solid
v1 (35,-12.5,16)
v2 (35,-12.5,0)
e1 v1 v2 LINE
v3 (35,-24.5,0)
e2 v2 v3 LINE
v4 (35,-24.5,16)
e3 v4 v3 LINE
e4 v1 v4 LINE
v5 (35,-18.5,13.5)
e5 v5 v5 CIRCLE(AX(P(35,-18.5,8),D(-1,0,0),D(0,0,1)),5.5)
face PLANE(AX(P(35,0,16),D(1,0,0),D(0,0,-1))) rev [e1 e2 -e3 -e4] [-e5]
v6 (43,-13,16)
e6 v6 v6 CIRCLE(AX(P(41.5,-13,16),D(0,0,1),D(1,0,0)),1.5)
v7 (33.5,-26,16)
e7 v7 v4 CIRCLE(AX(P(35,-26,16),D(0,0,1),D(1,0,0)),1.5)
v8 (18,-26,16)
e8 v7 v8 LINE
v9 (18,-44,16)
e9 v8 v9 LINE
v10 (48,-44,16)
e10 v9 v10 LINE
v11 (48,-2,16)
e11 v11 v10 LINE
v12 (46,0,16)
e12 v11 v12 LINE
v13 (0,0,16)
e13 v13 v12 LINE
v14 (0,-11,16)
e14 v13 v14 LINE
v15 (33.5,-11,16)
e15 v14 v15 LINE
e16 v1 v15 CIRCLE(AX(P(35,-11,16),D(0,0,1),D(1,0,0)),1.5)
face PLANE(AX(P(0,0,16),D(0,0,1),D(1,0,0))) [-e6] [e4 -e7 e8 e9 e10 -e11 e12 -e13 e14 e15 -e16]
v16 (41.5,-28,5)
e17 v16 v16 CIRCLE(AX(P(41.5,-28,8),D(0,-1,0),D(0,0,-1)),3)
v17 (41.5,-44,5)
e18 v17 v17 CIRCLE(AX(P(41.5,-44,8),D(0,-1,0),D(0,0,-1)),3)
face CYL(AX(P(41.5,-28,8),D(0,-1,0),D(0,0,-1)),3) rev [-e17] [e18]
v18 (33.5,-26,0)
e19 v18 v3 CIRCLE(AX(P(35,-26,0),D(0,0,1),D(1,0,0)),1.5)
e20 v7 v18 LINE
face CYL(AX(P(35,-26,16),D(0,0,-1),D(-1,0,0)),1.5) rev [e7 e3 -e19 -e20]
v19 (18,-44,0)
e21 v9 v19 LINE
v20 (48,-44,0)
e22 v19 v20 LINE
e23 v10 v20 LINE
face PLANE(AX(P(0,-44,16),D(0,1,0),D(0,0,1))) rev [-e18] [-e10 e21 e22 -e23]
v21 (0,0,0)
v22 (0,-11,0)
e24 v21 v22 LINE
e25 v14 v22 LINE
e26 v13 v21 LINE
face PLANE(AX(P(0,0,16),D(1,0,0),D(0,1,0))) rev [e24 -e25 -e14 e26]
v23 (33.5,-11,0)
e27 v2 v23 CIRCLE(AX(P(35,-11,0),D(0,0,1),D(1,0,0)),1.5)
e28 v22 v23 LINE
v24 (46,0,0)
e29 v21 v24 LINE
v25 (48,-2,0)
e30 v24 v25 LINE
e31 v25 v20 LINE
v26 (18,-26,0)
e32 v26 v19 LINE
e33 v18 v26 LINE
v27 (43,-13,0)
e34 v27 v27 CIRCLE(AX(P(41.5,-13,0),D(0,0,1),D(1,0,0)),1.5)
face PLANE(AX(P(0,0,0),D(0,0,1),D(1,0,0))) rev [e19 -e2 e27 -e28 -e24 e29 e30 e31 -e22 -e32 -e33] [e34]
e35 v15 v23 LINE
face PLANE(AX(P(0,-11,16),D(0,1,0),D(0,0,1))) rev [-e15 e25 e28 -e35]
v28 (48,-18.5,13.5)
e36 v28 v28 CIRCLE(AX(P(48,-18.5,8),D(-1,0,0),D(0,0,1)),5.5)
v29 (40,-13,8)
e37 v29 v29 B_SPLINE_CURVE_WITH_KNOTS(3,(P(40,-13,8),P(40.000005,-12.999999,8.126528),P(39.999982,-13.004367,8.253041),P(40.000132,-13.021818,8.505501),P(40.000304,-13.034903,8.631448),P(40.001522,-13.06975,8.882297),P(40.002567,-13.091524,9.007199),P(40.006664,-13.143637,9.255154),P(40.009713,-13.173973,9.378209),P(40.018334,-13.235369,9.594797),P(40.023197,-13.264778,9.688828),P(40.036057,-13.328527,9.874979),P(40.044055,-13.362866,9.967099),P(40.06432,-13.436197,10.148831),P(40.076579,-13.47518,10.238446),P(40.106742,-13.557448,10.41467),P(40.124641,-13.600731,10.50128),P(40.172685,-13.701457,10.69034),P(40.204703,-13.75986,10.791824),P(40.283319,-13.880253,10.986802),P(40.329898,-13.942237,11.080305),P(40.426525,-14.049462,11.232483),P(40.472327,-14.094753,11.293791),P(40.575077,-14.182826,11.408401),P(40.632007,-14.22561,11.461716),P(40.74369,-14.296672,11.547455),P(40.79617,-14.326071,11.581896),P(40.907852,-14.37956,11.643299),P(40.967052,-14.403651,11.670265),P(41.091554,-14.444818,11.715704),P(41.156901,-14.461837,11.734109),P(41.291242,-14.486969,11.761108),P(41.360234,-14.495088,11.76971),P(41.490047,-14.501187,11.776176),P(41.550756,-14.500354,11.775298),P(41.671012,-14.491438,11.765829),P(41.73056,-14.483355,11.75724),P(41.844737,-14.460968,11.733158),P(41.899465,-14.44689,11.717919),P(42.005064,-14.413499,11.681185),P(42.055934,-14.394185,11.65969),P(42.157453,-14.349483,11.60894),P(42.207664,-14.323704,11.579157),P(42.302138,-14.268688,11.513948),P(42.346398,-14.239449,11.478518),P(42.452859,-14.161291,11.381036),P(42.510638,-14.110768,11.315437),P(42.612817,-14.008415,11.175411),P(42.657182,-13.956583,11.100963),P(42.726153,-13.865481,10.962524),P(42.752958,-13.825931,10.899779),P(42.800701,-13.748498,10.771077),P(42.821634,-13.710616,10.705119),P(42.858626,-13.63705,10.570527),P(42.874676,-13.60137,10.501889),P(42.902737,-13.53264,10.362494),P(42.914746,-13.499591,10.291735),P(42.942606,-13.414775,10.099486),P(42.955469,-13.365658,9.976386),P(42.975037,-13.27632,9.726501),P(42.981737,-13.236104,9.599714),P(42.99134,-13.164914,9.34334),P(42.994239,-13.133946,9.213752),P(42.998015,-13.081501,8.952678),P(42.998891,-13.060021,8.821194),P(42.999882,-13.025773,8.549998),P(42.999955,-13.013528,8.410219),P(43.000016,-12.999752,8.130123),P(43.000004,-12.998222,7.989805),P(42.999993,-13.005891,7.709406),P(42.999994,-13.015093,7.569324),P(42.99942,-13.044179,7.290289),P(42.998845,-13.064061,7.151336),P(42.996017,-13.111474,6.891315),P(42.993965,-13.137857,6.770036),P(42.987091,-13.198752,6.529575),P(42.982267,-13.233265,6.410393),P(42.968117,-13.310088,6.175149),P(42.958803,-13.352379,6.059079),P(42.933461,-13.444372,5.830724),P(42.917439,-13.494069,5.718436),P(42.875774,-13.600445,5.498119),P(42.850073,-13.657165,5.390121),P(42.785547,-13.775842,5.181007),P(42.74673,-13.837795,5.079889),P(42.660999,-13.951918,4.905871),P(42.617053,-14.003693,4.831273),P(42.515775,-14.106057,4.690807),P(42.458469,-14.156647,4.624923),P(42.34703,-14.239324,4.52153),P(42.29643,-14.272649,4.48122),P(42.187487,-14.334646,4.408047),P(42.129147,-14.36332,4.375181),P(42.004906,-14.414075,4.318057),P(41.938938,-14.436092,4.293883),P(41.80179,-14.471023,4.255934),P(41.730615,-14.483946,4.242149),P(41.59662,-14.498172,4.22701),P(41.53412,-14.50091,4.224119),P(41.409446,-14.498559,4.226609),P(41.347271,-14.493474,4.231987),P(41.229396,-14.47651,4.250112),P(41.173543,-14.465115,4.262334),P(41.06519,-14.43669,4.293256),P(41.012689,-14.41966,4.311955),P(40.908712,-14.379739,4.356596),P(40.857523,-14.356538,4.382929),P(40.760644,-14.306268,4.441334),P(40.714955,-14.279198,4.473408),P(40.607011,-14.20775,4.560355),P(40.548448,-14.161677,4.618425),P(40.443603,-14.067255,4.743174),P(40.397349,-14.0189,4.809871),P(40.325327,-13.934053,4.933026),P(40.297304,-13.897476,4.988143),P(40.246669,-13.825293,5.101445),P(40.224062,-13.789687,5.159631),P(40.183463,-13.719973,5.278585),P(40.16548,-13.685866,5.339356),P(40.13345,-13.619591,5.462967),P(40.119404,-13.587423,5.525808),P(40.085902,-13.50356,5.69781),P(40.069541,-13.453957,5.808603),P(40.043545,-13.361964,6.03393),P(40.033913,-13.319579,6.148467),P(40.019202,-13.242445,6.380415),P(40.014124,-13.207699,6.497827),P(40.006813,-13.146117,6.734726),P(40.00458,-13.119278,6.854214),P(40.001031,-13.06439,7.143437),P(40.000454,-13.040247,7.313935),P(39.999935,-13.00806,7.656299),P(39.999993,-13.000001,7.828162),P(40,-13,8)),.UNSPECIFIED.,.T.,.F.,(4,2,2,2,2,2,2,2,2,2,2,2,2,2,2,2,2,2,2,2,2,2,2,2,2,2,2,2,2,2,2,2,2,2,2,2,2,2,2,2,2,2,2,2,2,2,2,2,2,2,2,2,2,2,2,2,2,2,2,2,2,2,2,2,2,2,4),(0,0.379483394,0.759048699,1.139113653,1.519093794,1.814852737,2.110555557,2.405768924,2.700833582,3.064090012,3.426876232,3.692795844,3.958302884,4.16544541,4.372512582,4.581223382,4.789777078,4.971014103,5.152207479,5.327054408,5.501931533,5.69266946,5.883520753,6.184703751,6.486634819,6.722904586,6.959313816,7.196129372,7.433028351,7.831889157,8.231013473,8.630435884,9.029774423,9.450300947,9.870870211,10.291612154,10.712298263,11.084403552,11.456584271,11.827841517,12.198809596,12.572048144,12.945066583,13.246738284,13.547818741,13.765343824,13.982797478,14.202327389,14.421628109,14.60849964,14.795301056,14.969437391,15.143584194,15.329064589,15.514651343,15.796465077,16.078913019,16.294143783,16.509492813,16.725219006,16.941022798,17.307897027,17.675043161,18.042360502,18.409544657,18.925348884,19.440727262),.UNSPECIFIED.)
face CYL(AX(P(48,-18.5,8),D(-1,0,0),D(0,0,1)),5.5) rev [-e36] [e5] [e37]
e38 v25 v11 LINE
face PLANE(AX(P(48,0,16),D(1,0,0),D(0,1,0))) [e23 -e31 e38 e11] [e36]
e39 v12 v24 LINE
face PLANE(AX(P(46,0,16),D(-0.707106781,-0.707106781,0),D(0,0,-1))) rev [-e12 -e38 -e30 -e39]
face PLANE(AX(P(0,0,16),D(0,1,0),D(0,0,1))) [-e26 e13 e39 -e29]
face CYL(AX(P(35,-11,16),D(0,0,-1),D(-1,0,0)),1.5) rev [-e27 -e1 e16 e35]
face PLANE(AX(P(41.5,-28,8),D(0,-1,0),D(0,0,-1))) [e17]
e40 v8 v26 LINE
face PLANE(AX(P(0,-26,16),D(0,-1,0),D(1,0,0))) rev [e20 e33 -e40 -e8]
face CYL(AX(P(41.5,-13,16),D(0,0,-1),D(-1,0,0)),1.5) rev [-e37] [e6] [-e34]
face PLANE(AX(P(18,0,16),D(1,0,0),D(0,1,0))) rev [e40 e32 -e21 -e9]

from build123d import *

# Parameters (mm, degrees)
ESBO_O1_R                = 1.5
RESSALTO_EXTRUS_O1_DEPTH = 16
CHANFRO1_SIZE            = 2
ESBO_O2_R                = 5.5
CORTE_EXTRUS_O1_DEPTH    = 59.455110983
ESBO_O5_R                = 3
CORTE_EXTRUS_O2_DEPTH    = 16


with BuildPart() as part:
    # Esboço1 → Ressalto-extrusão1 (new body)
    with BuildSketch(Plane.XY):
        with BuildLine():
            Line((48, 0), (0, 0))
            Line((0, 0), (0, -11))
            Line((0, -11), (33.5, -11))
            ThreePointArc((33.5, -11), (35, -9.5), (36.5, -11))
            ThreePointArc((36.5, -11), (36.060660172, -12.060660172), (35, -12.5))
            Line((35, -12.5), (35, -24.5))
            ThreePointArc((35, -24.5), (36.060660172, -24.939339828), (36.5, -26))
            ThreePointArc((36.5, -26), (35, -27.5), (33.5, -26))
            Line((33.5, -26), (18, -26))
            Line((18, -26), (18, -44))
            Line((18, -44), (48, -44))
            Line((48, -44), (48, 0))
        make_face()
        with Locations((41.5, -13)):
            Circle(ESBO_O1_R, mode=Mode.SUBTRACT)
    extrude(amount=RESSALTO_EXTRUS_O1_DEPTH)

    # Chanfro1
    chanfro1_edges = [part.edges().sort_by_distance(p)[0] for p in [
        (48, 0, 8),
    ]]
    chamfer(chanfro1_edges, length=CHANFRO1_SIZE)

    # Esboço2 → Corte-extrusão1 (cut, through all)
    with BuildSketch(Plane.ZY.offset(-35)):
        with Locations((8, -18.5)):
            Circle(ESBO_O2_R)
    extrude(amount=-CORTE_EXTRUS_O1_DEPTH, mode=Mode.SUBTRACT)

    # Esboço5 → Corte-extrusão2 (cut)
    with BuildSketch(Plane.XZ.offset(44)):
        with Locations(Location((41.5, 8, 0), (0, 0, 270))):
            Circle(ESBO_O5_R)
    extrude(amount=-CORTE_EXTRUS_O2_DEPTH, mode=Mode.SUBTRACT)


solid = part.part
